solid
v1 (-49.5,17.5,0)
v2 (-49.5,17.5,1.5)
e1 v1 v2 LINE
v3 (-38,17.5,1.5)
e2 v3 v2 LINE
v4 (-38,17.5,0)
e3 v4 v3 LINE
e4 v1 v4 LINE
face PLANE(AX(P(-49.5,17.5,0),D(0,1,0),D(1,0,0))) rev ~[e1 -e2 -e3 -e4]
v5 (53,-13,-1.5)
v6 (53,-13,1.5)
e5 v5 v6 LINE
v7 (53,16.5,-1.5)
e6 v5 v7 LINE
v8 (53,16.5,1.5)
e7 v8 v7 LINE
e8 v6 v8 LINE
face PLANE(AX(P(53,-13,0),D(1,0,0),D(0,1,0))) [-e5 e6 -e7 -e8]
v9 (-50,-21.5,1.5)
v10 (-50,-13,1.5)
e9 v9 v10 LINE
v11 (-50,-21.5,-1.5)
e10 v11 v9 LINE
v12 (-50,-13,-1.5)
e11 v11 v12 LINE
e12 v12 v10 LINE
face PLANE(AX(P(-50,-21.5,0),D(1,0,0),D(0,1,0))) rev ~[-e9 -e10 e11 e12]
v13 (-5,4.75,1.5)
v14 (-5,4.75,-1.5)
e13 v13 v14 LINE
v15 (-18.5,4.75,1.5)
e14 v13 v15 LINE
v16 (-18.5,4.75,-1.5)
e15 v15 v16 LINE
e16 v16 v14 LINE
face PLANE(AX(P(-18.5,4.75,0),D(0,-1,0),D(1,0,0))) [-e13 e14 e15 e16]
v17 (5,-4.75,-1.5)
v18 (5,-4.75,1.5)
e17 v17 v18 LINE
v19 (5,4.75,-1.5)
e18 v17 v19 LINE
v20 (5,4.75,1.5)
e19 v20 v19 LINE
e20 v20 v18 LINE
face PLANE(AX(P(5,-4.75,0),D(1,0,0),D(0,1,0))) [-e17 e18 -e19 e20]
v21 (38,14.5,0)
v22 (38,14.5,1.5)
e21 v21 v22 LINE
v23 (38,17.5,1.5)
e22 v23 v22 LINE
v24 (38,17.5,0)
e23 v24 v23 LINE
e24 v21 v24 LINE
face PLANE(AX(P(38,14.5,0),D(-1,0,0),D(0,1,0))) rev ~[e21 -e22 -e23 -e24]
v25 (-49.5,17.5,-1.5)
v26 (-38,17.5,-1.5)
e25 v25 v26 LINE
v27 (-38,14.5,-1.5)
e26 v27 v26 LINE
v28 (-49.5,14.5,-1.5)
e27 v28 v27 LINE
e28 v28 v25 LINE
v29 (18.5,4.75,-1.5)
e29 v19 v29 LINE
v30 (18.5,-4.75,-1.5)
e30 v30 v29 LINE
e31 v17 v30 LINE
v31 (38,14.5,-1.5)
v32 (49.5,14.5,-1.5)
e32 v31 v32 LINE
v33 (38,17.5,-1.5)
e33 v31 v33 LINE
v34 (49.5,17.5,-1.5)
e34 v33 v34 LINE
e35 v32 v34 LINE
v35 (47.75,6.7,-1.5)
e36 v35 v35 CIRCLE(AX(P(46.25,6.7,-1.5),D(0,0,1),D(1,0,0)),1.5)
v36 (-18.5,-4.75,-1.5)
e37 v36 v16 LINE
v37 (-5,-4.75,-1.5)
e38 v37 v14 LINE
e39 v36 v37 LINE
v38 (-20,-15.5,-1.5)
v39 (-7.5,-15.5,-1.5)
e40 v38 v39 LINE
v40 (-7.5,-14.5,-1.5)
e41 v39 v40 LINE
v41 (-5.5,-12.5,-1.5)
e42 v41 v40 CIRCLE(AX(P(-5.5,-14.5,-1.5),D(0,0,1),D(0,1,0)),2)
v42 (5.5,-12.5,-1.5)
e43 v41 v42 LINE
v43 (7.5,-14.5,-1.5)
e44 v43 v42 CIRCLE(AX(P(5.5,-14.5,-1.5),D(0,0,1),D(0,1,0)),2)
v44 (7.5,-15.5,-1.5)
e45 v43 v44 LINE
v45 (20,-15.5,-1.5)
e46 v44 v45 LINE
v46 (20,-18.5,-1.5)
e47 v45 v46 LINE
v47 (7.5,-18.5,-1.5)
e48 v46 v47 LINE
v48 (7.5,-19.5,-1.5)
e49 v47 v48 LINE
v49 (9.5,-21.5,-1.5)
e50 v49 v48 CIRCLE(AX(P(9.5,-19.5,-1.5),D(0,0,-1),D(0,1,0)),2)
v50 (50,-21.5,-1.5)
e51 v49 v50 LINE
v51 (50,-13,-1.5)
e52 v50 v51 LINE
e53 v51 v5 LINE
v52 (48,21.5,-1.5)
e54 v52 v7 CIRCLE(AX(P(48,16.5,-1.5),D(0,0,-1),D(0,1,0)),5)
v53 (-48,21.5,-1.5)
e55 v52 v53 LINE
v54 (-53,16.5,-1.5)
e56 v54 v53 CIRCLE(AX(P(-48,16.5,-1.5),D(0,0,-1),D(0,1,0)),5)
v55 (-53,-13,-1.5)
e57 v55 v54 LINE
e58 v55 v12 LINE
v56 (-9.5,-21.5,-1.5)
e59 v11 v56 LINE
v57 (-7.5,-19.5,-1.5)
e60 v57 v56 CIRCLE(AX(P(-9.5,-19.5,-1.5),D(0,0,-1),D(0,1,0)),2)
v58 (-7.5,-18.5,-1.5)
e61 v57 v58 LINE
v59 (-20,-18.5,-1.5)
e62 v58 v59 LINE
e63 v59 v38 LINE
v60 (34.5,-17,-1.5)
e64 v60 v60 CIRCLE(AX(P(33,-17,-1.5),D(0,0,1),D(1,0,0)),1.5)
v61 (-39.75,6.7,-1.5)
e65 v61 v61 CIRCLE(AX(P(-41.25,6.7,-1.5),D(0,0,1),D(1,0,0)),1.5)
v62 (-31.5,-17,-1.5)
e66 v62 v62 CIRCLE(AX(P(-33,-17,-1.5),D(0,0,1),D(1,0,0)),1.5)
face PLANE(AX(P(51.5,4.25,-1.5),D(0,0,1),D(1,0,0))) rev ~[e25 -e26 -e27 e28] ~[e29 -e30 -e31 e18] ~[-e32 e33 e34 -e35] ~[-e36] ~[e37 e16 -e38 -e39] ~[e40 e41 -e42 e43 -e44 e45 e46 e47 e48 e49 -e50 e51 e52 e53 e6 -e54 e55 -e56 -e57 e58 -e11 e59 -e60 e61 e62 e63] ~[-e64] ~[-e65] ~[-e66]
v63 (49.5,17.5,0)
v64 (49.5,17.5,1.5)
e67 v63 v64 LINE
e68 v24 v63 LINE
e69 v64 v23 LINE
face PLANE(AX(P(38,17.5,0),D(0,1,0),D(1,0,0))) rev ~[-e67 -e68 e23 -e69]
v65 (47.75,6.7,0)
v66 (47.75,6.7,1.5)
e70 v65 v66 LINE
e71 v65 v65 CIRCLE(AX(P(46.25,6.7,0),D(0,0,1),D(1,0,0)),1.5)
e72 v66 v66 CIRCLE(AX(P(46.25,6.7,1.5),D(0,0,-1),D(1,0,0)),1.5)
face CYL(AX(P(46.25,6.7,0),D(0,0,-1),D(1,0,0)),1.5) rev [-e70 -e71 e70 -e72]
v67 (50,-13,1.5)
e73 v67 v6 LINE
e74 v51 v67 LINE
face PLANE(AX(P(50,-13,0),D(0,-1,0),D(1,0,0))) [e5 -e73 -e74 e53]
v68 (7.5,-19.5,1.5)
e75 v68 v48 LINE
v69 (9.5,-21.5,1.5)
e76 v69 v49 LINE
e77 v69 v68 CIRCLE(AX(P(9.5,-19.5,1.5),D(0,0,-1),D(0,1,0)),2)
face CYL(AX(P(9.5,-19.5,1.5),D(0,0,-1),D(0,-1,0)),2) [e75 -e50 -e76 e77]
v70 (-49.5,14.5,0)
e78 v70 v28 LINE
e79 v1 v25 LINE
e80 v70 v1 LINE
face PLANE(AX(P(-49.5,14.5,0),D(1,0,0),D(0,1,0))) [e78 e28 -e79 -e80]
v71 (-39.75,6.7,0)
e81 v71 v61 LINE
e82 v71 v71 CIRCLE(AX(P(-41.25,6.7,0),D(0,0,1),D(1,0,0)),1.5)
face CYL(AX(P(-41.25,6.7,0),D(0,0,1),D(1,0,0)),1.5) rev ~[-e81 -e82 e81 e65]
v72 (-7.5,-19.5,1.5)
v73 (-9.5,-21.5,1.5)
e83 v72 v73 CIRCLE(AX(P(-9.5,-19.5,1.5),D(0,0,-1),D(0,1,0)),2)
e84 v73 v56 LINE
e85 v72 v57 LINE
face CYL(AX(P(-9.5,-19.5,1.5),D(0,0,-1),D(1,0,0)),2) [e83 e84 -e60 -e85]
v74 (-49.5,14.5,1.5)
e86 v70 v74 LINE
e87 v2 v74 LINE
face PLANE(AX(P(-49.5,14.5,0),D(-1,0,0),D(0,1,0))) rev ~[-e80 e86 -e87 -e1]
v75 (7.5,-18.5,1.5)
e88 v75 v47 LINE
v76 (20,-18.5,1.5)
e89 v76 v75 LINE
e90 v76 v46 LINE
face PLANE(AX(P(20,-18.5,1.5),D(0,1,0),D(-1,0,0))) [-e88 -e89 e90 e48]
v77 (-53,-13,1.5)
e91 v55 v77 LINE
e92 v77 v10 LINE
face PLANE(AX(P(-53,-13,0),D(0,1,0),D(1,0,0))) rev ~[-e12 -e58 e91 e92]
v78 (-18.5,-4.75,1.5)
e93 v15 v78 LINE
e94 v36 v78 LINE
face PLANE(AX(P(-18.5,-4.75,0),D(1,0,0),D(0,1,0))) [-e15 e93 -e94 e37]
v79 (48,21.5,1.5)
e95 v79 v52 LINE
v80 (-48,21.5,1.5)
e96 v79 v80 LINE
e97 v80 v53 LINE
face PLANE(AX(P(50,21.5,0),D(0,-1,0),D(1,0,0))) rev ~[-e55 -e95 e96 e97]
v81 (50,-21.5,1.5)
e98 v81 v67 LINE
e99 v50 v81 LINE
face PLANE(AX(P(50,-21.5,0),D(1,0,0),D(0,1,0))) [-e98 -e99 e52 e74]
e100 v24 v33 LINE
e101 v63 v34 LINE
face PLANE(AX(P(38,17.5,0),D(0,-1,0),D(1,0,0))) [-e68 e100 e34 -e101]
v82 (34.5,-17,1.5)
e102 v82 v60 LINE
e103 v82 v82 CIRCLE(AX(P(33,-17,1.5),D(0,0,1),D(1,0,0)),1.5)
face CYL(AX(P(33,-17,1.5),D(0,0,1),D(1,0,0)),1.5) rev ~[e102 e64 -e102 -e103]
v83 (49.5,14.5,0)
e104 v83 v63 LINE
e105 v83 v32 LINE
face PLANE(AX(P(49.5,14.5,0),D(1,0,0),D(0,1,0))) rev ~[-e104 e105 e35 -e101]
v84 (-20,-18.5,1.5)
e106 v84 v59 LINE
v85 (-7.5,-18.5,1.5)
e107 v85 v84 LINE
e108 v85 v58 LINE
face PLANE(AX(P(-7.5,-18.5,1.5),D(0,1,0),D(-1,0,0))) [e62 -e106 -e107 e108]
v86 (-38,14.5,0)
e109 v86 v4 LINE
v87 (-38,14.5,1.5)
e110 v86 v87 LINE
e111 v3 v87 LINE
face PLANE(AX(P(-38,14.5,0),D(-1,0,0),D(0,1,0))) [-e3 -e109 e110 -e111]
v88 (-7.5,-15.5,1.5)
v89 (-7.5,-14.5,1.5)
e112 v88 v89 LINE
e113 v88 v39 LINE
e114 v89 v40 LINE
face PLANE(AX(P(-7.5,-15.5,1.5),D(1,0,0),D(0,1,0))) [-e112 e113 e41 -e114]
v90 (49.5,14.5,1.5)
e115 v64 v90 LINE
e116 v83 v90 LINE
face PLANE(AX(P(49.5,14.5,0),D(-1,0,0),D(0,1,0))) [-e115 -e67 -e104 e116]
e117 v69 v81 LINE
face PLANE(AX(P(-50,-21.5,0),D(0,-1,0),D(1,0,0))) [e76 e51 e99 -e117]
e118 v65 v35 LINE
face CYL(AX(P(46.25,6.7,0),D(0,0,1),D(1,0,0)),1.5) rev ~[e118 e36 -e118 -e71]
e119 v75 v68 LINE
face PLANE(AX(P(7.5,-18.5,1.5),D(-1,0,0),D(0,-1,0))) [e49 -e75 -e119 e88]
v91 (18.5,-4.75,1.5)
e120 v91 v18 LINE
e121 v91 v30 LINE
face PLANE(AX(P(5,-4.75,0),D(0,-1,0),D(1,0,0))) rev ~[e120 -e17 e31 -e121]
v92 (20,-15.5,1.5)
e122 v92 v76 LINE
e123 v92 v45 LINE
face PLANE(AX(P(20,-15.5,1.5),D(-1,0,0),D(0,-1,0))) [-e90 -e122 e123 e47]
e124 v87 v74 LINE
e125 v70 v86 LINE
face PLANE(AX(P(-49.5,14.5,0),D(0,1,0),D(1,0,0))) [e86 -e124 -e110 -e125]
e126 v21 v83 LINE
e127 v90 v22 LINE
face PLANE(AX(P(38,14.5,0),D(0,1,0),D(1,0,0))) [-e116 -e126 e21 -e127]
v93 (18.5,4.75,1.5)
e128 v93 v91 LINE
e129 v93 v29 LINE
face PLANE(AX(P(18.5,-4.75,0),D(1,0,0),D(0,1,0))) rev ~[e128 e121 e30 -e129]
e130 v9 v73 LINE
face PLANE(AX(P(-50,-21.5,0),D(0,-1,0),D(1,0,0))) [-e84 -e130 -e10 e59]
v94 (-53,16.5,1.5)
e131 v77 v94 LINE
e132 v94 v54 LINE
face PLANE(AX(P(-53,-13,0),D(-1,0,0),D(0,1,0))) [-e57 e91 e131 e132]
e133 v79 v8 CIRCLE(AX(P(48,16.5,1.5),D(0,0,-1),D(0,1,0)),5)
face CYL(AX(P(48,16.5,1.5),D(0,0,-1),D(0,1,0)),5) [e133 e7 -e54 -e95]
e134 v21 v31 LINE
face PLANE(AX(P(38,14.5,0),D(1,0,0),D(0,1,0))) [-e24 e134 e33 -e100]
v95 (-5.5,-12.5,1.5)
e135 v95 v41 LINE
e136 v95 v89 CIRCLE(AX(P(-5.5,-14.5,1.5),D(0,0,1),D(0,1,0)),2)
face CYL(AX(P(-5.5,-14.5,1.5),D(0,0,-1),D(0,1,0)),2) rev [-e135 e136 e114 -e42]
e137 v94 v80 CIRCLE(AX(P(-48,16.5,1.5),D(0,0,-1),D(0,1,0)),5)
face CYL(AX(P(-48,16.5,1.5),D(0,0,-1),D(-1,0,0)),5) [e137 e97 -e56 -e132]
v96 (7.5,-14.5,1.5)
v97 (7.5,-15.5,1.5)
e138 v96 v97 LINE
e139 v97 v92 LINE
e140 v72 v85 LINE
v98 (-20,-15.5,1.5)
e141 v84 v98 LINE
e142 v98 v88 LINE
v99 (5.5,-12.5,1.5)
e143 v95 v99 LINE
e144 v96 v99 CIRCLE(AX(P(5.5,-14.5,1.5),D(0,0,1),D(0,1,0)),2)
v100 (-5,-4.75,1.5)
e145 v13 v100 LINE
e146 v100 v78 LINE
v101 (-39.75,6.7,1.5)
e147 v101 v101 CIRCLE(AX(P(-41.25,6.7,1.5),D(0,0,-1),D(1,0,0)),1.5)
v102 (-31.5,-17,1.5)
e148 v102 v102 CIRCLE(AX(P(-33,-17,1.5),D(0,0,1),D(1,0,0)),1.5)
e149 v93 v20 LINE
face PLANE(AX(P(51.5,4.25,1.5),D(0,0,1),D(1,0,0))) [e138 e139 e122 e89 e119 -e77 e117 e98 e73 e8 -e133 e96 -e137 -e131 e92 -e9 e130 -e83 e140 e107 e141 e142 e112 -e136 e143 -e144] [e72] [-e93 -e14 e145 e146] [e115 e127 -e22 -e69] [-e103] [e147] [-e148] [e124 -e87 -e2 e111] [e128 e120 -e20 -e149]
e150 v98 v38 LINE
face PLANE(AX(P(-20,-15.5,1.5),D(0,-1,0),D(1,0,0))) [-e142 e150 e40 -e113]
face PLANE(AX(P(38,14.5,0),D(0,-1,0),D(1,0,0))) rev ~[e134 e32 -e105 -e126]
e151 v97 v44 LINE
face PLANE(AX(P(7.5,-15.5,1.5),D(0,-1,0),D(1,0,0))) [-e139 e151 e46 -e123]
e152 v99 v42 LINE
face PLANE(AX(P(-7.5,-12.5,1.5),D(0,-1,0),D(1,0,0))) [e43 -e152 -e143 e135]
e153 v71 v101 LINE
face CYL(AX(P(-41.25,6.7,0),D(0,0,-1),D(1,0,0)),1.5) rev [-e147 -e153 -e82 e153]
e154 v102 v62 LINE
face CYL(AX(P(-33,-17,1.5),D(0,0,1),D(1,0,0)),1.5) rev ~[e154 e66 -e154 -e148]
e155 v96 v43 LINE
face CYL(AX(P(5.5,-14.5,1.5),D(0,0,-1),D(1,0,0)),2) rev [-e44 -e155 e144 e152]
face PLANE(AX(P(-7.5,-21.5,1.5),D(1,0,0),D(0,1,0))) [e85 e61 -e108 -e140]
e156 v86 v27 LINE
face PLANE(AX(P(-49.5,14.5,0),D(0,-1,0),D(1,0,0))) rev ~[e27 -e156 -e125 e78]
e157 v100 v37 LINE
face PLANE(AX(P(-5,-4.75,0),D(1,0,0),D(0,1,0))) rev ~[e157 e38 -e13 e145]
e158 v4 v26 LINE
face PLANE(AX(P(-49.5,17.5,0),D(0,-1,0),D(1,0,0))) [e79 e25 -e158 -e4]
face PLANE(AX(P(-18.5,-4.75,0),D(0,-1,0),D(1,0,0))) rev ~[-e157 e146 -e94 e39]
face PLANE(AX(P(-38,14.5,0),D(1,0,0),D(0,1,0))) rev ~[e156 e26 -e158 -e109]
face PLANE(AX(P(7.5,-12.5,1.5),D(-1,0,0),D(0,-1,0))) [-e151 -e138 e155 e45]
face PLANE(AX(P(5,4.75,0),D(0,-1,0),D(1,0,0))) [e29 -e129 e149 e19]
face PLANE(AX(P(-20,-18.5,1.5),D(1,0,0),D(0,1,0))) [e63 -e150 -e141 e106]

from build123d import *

# Parameters (mm, degrees)
ESBO_O1_W                 = 100
ESBO_O1_H                 = 43
RESSALTO_EXTRUS_O1_DEPTH  = 1.5
ESBO_O2_R                 = 1.5
CORTE_EXTRUS_O1_DEPTH     = 4
SKETCH7_W                 = 13.5
SKETCH7_H                 = 9.5
CUT_EXTRUDE6_DEPTH        = 2.5
CUT_EXTRUDE6_DEPTH_BACK   = 2.5
SKETCH8_W                 = 3
SKETCH8_H                 = 34.5
BOSS_EXTRUDE1_DEPTH       = 1.5
FILLET3_R                 = 2
FILLET4_R                 = 5
SKETCH9_R                 = 1.5
SKETCH9_W                 = 11.5
SKETCH9_H                 = 3
CORTE_GY_53LDK_DEPTH      = 2.5
CORTE_GY_53LDK_DEPTH_BACK = 2.5


with BuildPart() as part:
    # Esboço1 → Ressalto-extrusão1 (new body, symmetric)
    with BuildSketch(Plane.XY):
        Rectangle(ESBO_O1_W, ESBO_O1_H)
    extrude(amount=RESSALTO_EXTRUS_O1_DEPTH, both=True)

    # Esboço2 → Corte-extrusão1 (cut, through all)
    with BuildSketch(Plane.XY.offset(1.5)):
        with Locations((-33, -17)):
            Circle(ESBO_O2_R)
        with Locations((33, -17)):
            Circle(ESBO_O2_R)
        Polygon((-20, -15.5), (-7.5, -15.5), (-7.5, -12.5), (7.5, -12.5), (7.5, -15.5), (20, -15.5), (20, -18.5), (7.5, -18.5), (7.5, -21.5), (-7.5, -21.5), (-7.5, -18.5), (-20, -18.5), align=None)
    extrude(amount=-CORTE_EXTRUS_O1_DEPTH, mode=Mode.SUBTRACT)

    # Sketch7 → Cut-Extrude6 (cut, two sides)
    with BuildSketch(Plane.XY) as cut_extrude6_sk:
        with Locations((-11.75, 0)):
            Rectangle(SKETCH7_W, SKETCH7_H)
        with Locations((11.75, 0)):
            Rectangle(SKETCH7_W, SKETCH7_H)
    extrude(amount=CUT_EXTRUDE6_DEPTH, mode=Mode.SUBTRACT)
    extrude(cut_extrude6_sk.sketch, amount=-CUT_EXTRUDE6_DEPTH_BACK, mode=Mode.SUBTRACT)

    # Sketch8 → Boss-Extrude1 (add, symmetric)
    with BuildSketch(Plane.XY):
        with Locations((-51.5, 4.25)):
            Rectangle(SKETCH8_W, SKETCH8_H)
        with Locations((51.5, 4.25)):
            Rectangle(SKETCH8_W, SKETCH8_H)
    extrude(amount=BOSS_EXTRUDE1_DEPTH, both=True)

    # Fillet3
    fillet3_edges = [part.edges().sort_by_distance(p)[0] for p in [
        (-7.5, -21.5, 0),
        (-7.5, -12.5, 0),
        (7.5, -12.5, 0),
        (7.5, -21.5, 0),
    ]]
    fillet(fillet3_edges, radius=FILLET3_R)

    # Fillet4
    fillet4_edges = [part.edges().sort_by_distance(p)[0] for p in [
        (53, 21.5, 0),
        (-53, 21.5, 0),
    ]]
    fillet(fillet4_edges, radius=FILLET4_R)

    # Sketch9 → Corte Gy-53LDK (cut, two sides)
    with BuildSketch(Plane.XY) as corte_gy_53ldk_sk:
        with Locations((-41.25, 6.7)):
            Circle(SKETCH9_R)
        with Locations((46.25, 6.7)):
            Circle(SKETCH9_R)
        with Locations((-43.75, 16)):
            Rectangle(SKETCH9_W, SKETCH9_H)
        with Locations((43.75, 16)):
            Rectangle(SKETCH9_W, SKETCH9_H)
    extrude(amount=CORTE_GY_53LDK_DEPTH, mode=Mode.SUBTRACT)
    extrude(corte_gy_53ldk_sk.sketch, amount=-CORTE_GY_53LDK_DEPTH_BACK, mode=Mode.SUBTRACT)


solid = part.part
